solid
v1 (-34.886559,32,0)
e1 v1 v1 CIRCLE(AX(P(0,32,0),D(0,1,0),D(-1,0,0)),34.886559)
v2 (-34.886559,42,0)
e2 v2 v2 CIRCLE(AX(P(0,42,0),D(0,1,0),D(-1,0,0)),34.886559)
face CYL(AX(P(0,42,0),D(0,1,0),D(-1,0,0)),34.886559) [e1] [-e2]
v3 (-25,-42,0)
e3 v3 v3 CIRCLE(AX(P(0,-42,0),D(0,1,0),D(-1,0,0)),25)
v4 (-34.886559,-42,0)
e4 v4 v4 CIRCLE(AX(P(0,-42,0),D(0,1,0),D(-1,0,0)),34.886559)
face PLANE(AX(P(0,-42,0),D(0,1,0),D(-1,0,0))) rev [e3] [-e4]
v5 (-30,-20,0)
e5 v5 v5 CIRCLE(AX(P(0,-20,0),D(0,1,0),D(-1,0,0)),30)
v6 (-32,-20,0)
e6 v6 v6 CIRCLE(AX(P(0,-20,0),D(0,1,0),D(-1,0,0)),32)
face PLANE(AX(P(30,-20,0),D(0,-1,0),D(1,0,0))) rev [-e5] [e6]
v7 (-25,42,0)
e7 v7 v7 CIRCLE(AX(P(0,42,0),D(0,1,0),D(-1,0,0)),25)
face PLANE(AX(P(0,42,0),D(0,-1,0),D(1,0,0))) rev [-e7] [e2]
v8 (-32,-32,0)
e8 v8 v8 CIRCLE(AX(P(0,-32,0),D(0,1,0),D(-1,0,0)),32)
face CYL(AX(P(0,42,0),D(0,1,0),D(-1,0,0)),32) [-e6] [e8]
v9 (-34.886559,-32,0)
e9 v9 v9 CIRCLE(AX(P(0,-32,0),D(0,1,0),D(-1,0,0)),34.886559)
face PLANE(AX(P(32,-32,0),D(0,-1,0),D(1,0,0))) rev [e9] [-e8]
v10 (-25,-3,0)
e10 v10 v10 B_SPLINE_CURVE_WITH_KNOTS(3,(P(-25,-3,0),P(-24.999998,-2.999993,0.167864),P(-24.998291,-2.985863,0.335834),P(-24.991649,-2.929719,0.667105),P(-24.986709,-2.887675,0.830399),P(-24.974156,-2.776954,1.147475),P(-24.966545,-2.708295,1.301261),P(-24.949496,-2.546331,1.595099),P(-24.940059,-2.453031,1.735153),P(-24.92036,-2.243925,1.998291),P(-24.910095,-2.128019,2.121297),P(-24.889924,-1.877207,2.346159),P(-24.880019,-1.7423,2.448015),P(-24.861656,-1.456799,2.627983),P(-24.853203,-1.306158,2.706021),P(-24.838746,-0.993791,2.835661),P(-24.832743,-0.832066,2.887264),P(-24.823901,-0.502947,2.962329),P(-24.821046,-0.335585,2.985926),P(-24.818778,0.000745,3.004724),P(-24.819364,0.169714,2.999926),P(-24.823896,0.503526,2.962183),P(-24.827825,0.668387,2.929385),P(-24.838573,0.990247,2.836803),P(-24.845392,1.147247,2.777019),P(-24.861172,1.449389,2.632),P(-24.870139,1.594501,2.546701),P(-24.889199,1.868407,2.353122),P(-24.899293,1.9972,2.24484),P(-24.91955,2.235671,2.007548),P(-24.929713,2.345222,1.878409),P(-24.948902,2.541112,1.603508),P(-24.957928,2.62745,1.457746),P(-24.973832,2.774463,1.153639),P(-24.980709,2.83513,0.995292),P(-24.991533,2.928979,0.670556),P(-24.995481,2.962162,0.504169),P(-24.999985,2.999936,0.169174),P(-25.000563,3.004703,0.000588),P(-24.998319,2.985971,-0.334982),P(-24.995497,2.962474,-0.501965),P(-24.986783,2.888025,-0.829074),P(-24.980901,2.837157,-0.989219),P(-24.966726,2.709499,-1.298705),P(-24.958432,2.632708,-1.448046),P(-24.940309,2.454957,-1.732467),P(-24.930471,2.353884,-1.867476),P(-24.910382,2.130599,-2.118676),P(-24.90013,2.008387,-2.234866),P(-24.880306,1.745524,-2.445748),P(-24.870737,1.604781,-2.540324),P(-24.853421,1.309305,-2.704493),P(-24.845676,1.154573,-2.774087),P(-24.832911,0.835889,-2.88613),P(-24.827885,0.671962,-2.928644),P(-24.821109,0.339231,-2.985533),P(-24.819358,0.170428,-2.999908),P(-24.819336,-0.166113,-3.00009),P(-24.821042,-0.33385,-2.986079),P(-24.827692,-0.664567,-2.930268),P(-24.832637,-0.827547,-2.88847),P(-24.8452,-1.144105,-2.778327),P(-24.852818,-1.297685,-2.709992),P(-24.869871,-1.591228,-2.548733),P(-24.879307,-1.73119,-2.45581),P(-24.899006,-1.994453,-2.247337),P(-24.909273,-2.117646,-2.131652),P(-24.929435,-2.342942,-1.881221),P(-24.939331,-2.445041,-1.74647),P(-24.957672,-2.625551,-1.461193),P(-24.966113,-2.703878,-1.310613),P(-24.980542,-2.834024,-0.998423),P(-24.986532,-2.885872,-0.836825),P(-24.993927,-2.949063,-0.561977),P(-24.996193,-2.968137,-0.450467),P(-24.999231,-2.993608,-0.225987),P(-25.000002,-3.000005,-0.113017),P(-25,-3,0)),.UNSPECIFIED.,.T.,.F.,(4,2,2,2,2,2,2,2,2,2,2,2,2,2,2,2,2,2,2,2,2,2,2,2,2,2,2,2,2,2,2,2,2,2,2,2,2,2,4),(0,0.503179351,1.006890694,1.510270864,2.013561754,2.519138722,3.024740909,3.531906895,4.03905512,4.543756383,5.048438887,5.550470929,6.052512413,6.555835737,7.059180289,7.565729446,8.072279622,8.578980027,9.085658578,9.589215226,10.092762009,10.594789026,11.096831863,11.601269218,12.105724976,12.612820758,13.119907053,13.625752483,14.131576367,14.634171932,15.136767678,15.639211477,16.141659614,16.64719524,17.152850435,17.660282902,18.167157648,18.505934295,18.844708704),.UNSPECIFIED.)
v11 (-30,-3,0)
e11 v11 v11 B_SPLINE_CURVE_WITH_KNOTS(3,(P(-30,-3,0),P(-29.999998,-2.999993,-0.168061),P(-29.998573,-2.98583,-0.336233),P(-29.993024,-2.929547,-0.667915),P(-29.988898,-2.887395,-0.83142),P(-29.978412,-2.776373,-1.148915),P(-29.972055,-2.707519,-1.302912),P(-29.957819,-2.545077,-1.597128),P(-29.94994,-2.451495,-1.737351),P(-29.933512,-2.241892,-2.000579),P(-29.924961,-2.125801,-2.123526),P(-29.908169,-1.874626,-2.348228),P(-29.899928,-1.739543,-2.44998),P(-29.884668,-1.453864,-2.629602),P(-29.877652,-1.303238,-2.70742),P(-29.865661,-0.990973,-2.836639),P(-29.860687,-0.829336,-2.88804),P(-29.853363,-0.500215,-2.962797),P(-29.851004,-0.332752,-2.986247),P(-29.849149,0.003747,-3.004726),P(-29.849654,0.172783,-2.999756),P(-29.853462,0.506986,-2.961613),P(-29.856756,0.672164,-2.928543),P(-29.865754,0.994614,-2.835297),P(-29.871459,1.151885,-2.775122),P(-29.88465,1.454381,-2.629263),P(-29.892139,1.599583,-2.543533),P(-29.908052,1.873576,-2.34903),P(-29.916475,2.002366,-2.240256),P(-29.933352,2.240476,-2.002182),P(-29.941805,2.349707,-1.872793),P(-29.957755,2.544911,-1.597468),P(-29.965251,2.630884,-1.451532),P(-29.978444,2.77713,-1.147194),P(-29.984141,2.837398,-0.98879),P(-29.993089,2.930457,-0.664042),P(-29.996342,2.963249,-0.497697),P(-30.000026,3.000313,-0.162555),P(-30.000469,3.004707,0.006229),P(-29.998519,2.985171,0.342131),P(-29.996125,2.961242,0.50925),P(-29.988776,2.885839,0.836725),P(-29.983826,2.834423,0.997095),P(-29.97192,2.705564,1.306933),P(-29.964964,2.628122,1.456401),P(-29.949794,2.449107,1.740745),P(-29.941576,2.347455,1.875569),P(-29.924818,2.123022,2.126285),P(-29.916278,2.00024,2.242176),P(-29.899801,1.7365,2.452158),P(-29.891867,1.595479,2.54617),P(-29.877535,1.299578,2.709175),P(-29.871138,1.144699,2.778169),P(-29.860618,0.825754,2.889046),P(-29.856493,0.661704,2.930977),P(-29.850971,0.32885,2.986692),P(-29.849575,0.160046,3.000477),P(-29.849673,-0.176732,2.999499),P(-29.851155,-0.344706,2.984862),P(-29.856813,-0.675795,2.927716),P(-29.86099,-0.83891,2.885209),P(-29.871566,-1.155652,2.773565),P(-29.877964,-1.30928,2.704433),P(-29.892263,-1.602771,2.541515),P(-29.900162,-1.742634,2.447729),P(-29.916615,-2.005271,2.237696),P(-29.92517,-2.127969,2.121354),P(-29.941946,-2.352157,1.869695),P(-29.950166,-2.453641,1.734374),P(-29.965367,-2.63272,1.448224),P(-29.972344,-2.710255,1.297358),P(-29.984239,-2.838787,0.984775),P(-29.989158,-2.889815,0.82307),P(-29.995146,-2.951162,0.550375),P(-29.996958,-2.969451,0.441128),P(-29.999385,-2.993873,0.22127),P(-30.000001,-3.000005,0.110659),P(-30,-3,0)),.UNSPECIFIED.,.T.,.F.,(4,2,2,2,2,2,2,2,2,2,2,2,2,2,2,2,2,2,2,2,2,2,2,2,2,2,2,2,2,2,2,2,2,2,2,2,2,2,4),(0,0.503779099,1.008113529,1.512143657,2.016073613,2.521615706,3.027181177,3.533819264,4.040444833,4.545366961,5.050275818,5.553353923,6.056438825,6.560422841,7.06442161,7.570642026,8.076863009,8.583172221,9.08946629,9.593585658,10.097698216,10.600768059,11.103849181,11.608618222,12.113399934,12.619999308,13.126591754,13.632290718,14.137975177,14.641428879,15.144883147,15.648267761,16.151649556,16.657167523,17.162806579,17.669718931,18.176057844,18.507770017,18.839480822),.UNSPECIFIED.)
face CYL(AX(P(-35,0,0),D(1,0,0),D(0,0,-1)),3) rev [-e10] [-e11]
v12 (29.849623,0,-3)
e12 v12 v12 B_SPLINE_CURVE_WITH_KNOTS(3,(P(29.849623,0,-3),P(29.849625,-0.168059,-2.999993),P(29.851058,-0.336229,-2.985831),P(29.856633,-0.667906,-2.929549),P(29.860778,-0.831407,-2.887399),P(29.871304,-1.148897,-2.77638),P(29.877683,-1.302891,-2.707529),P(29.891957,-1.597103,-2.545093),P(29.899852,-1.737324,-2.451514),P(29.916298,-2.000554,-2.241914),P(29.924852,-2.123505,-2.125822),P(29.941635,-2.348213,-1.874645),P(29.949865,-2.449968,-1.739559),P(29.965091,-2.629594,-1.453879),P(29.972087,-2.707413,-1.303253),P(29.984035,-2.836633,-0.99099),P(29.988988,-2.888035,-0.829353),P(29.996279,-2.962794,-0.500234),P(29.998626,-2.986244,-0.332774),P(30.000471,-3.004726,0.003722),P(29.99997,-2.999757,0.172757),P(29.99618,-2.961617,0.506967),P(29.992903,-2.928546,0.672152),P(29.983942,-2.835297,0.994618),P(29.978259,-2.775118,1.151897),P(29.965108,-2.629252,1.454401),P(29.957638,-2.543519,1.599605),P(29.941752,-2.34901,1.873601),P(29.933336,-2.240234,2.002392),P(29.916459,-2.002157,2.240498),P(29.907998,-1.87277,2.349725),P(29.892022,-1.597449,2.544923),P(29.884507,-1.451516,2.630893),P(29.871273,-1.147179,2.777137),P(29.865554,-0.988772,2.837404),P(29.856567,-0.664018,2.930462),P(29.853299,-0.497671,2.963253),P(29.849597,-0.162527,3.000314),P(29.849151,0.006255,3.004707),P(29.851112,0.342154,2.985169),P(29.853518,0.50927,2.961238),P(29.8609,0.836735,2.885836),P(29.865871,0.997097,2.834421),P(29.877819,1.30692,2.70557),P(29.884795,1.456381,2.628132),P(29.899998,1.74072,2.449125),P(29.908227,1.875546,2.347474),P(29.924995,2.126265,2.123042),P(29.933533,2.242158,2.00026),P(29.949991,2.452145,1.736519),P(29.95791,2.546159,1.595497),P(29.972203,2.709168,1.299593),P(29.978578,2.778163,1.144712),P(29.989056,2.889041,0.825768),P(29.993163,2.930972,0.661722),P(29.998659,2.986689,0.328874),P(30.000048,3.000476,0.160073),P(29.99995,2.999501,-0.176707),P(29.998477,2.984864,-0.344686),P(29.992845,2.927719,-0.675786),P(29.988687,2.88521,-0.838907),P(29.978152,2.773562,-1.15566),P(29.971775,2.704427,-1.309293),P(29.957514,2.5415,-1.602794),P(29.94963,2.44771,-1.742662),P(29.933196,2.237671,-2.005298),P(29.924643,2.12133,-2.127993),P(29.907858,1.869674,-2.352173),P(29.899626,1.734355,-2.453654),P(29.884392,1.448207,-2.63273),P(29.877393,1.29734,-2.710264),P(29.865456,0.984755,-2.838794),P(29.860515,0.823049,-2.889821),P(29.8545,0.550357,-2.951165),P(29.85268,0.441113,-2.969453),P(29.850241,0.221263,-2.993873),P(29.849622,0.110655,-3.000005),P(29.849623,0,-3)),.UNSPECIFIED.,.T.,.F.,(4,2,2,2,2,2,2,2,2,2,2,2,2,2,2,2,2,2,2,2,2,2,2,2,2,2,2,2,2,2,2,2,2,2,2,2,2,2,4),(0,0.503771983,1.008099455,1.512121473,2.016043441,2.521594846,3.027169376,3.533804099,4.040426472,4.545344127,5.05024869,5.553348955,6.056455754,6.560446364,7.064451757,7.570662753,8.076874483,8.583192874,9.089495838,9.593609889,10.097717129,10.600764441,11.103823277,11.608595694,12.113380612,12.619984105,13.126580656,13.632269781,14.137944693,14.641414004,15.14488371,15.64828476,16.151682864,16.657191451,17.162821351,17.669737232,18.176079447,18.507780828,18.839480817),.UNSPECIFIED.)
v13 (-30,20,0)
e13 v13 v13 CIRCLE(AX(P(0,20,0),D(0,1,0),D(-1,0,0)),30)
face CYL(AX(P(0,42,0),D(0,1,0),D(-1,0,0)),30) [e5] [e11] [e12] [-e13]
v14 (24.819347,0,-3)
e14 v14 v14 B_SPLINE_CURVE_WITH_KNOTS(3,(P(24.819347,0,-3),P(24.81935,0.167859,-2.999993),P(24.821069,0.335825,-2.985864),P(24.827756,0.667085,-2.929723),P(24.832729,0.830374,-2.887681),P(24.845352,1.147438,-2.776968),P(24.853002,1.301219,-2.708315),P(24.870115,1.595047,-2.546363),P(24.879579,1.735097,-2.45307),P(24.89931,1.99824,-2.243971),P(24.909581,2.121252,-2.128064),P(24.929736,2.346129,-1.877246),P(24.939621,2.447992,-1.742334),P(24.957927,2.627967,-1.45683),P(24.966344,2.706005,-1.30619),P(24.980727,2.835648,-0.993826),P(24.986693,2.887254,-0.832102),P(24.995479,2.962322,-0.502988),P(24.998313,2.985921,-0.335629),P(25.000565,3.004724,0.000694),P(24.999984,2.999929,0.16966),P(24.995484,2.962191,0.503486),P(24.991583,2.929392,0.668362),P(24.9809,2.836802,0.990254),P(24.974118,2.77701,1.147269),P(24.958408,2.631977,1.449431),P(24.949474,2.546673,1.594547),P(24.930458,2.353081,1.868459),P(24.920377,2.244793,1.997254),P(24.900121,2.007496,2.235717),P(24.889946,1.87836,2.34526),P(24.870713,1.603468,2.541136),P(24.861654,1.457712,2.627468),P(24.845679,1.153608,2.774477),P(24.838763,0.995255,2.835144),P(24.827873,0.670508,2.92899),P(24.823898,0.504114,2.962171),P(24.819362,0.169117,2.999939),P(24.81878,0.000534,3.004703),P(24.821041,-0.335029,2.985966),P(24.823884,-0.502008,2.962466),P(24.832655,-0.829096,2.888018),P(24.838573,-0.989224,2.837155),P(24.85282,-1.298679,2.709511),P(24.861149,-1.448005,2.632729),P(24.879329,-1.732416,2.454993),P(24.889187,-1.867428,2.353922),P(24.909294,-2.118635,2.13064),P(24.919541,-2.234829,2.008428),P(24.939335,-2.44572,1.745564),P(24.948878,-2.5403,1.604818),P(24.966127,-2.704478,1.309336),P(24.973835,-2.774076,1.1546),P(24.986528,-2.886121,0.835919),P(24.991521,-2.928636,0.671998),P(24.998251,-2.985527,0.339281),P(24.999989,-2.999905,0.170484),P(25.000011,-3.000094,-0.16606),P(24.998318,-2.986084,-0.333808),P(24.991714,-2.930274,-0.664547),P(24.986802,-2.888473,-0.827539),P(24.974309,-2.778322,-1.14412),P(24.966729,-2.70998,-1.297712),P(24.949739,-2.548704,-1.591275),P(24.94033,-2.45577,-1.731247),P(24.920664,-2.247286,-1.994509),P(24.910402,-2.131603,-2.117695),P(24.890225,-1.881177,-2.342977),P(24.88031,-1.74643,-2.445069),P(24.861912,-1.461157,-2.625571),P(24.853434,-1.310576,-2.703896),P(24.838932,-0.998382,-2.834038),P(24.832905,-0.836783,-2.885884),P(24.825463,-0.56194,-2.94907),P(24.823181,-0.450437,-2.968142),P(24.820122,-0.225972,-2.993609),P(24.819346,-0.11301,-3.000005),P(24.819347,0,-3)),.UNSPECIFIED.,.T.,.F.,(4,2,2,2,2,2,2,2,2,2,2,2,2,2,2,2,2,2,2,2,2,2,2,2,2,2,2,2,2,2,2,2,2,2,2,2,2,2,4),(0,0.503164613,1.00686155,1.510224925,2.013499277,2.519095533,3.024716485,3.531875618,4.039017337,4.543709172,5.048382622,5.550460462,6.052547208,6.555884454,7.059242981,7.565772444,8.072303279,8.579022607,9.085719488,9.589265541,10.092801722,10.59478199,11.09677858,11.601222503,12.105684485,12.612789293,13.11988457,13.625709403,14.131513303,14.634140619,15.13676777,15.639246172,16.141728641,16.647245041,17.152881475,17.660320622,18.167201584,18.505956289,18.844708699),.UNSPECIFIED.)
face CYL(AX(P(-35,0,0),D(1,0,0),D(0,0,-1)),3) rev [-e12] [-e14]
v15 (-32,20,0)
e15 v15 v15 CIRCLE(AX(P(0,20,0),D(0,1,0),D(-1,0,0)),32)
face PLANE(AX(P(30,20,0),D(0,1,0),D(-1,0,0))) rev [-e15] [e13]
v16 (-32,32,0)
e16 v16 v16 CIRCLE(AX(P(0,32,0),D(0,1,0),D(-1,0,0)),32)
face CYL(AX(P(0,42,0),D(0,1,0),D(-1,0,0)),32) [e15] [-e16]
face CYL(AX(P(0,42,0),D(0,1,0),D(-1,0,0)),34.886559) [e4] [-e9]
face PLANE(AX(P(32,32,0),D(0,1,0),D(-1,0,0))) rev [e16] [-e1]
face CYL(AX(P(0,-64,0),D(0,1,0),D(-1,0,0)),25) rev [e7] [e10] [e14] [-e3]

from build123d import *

# Parameters (mm, degrees)
SKETCH4_R          = 25
CUT_EXTRUDE1_DEPTH = 106
SKETCH5_R          = 3
CUT_EXTRUDE2_DEPTH = 35


with BuildPart() as part:
    # Sketch2 → Revolve2 (revolve)
    with BuildSketch(Plane.XY):
        Polygon((0, 42), (0, -42), (34.886559364, -42), (34.886559364, -32), (32, -32), (32, -20), (30, -20), (30, 20), (32, 20), (32, 32), (34.886559364, 32), (34.886559364, 42), align=None)
    revolve(axis=Axis((0, 42, 0), (0, -1, 0)))

    # Sketch4 → Cut-Extrude1 (cut)
    with BuildSketch(Plane(origin=(0, 42, 0), x_dir=(1, 0, 0), z_dir=(0, 1, 0))):
        Circle(SKETCH4_R)
    extrude(amount=-CUT_EXTRUDE1_DEPTH, mode=Mode.SUBTRACT)

    # Sketch5 → Cut-Extrude2 (cut, symmetric)
    with BuildSketch(Plane(origin=(0, 0, 0), x_dir=(0, 0, -1), z_dir=(1, 0, 0))):
        Circle(SKETCH5_R)
    extrude(amount=CUT_EXTRUDE2_DEPTH, both=True, mode=Mode.SUBTRACT)


solid = part.part
